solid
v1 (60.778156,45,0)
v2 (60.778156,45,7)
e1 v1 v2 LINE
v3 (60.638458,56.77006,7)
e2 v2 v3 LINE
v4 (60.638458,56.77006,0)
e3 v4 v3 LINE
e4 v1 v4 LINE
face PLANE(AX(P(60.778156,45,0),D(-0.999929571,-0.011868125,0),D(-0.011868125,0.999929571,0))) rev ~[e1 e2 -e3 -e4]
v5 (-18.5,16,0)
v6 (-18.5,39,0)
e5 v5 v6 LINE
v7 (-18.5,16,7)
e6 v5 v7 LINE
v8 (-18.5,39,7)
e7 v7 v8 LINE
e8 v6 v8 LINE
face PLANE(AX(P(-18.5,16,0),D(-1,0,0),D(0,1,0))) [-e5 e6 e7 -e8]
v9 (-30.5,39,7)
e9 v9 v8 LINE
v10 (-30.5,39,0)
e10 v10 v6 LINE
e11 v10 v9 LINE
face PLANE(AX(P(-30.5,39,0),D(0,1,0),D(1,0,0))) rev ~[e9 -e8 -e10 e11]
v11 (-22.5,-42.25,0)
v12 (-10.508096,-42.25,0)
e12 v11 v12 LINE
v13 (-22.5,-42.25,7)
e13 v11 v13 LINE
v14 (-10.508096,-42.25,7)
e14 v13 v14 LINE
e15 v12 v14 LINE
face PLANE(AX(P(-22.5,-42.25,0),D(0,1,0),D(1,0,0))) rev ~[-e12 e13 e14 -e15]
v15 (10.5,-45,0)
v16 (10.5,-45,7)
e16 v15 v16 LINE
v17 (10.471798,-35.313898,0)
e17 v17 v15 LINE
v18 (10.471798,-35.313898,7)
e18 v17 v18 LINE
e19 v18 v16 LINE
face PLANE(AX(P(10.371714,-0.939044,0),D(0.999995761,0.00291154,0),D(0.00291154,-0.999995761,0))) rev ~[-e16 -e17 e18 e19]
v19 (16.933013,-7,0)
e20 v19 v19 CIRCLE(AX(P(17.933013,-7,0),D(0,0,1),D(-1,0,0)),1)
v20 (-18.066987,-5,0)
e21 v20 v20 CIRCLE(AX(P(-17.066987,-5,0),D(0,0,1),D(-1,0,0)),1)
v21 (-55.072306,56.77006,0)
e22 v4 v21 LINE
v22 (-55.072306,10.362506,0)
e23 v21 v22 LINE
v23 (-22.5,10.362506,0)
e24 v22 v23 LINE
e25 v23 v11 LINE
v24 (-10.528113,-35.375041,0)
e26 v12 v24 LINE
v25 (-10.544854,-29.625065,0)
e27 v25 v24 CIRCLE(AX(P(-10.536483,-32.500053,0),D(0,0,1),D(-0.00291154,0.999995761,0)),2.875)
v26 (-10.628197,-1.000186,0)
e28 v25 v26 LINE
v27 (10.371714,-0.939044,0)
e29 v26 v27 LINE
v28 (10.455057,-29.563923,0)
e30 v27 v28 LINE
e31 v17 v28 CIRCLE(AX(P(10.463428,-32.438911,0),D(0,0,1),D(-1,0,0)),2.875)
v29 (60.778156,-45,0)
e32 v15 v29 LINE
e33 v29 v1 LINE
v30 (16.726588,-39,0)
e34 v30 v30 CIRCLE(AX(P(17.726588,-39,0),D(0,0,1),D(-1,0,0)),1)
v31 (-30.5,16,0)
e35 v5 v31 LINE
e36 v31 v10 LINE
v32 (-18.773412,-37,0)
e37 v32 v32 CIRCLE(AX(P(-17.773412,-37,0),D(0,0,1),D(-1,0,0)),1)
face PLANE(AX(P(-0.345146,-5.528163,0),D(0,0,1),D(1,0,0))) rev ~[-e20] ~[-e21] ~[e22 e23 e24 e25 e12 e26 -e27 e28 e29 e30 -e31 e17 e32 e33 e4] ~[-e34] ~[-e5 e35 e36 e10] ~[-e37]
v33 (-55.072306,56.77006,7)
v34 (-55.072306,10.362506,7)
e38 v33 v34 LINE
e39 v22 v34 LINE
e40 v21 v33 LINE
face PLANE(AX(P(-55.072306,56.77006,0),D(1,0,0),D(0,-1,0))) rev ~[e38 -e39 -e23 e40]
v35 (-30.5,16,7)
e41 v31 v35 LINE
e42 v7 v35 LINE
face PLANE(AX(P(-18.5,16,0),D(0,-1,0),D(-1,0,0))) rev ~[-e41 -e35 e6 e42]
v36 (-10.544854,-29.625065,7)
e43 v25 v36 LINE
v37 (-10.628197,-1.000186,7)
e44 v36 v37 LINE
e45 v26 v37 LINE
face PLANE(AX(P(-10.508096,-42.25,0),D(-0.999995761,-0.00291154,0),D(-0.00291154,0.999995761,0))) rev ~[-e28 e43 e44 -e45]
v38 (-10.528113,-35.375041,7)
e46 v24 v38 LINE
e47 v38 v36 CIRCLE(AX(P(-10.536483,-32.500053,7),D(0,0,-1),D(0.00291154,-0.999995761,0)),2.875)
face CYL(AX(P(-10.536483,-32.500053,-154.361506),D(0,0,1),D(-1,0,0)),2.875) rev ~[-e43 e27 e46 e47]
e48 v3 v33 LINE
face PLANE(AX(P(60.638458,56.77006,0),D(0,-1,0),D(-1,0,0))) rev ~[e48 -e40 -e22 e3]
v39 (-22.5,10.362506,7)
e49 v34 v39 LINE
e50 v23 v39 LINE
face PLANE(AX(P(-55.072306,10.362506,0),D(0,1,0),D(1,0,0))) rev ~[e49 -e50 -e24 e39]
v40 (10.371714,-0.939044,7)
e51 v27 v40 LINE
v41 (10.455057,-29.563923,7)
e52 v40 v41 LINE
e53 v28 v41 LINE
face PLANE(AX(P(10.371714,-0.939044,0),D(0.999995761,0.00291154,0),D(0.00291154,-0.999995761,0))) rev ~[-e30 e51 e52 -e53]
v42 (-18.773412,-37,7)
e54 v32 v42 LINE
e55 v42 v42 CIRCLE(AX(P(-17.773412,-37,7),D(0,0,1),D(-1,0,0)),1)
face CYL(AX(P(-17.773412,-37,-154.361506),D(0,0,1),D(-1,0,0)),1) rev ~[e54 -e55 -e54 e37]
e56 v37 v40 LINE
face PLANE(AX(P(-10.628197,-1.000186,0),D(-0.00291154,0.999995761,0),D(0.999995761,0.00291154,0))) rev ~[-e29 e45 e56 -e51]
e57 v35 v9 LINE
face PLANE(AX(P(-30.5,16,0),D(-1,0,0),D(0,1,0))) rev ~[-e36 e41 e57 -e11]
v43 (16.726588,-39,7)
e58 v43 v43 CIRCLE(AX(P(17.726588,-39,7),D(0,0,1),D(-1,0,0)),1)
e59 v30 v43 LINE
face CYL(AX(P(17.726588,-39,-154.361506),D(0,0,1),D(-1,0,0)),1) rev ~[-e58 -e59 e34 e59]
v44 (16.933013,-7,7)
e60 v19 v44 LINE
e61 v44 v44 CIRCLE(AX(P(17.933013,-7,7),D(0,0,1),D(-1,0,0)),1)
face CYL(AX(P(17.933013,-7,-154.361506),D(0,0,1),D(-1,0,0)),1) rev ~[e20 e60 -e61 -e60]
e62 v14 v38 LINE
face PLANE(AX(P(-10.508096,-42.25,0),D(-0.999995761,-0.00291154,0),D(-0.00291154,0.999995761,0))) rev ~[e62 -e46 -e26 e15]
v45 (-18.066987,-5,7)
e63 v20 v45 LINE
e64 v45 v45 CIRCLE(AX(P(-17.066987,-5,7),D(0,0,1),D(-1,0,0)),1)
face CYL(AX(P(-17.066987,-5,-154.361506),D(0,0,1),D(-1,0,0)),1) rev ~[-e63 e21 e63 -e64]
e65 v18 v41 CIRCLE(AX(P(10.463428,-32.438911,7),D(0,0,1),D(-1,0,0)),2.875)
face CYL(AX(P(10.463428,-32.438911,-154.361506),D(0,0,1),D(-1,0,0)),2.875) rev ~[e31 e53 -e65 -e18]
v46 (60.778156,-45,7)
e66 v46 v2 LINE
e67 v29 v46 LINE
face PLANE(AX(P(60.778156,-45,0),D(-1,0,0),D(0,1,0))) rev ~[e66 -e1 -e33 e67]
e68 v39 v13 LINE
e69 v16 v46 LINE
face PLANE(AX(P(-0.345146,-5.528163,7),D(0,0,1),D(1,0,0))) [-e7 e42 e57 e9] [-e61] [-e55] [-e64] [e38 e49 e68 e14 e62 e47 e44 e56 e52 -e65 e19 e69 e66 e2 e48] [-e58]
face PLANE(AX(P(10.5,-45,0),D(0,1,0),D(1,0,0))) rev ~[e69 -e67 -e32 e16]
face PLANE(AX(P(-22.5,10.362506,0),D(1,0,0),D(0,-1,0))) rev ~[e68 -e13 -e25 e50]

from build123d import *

# Parameters (mm, degrees)
F0_W     = 8
F0_H     = 6
F0_H_2   = 5.6374937892
F0_W_2   = 4
F0_H_3   = 23
F0_W_3   = 38.2781559229
F0_H_4   = 34.3460934982
F1_DEPTH = 7
F2_D     = 2
F3_D     = 5.75


with BuildPart() as f1:
    # F0 (on Top) → F1 (new body)
    with BuildSketch(Plane.XY):
        Polygon((10.5, -45), (22.5, -45), (22.5, -10.6539065018), (22.5, 17.153987661), (0, 45), (-14.5, 45), (-14.5, 39), (-14.5, 16), (-14.5, 10.3625062108), (-22.5, 10.3625062108), (-22.5, -42.25), (-10.5080957781, -42.25), (-10.6281967604, -1.0001864958), (10.3717142302, -0.9390441602), align=None)
        Polygon((0, 45), (22.5, 17.153987661), (22.5, 45), align=None)
        Polygon((-30.5, 39), (-30.5, 45), (-55.0723059862, 45), (-55.0723059862, 10.3625062108), (-30.5, 10.3625062108), (-30.5, 16), align=None)
        with Locations((-26.5, 42)):
            Rectangle(F0_W, F0_H)
        Polygon((-14.5, 39), (-14.5, 45), (-22.5, 45), (-22.5, 39), (-18.5, 39), align=None)
        Polygon((-22.5, 16), (-22.5, 10.3625062108), (-14.5, 10.3625062108), (-14.5, 16), (-18.5, 16), align=None)
        with Locations((-26.5, 13.1812531054)):
            Rectangle(F0_W, F0_H_2)
        Polygon((22.5, 17.153987661), (22.5, -10.6539065018), (60.7781559229, -10.6539065018), (60.7781559229, 45), (22.5, 45), align=None)
        Polygon((0, 45), (22.5, 45), (60.7781559229, 45), (60.6384575367, 56.7700602114), (-55.0723059862, 56.7700602114), (-55.0723059862, 45), (-30.5, 45), (-22.5, 45), (-14.5, 45), align=None)
        with Locations((-16.5, 27.5)):
            Rectangle(F0_W_2, F0_H_3)
        with Locations((41.6390779614, -27.8269532509)):
            Rectangle(F0_W_3, F0_H_4)
    extrude(amount=F1_DEPTH)

    # F2 (through all)
    with Locations(Plane(origin=(0, 0, 0), x_dir=(1, 0, 0), z_dir=(0, 0, -1))):
        with Locations((-17.0669870824, 5), (-17.7734121563, 37), (17.7265878437, 39), (17.9330129176, 7)):
            Hole(F2_D / 2)

    # F3 (through all)
    with Locations(Plane(origin=(0, 0, 0), x_dir=(1, 0, 0), z_dir=(0, 0, -1))):
        with Locations((-10.5364832571, 32.5000529818), (10.4634277335, 32.4389106462)):
            Hole(F3_D / 2)


solid = f1.part
